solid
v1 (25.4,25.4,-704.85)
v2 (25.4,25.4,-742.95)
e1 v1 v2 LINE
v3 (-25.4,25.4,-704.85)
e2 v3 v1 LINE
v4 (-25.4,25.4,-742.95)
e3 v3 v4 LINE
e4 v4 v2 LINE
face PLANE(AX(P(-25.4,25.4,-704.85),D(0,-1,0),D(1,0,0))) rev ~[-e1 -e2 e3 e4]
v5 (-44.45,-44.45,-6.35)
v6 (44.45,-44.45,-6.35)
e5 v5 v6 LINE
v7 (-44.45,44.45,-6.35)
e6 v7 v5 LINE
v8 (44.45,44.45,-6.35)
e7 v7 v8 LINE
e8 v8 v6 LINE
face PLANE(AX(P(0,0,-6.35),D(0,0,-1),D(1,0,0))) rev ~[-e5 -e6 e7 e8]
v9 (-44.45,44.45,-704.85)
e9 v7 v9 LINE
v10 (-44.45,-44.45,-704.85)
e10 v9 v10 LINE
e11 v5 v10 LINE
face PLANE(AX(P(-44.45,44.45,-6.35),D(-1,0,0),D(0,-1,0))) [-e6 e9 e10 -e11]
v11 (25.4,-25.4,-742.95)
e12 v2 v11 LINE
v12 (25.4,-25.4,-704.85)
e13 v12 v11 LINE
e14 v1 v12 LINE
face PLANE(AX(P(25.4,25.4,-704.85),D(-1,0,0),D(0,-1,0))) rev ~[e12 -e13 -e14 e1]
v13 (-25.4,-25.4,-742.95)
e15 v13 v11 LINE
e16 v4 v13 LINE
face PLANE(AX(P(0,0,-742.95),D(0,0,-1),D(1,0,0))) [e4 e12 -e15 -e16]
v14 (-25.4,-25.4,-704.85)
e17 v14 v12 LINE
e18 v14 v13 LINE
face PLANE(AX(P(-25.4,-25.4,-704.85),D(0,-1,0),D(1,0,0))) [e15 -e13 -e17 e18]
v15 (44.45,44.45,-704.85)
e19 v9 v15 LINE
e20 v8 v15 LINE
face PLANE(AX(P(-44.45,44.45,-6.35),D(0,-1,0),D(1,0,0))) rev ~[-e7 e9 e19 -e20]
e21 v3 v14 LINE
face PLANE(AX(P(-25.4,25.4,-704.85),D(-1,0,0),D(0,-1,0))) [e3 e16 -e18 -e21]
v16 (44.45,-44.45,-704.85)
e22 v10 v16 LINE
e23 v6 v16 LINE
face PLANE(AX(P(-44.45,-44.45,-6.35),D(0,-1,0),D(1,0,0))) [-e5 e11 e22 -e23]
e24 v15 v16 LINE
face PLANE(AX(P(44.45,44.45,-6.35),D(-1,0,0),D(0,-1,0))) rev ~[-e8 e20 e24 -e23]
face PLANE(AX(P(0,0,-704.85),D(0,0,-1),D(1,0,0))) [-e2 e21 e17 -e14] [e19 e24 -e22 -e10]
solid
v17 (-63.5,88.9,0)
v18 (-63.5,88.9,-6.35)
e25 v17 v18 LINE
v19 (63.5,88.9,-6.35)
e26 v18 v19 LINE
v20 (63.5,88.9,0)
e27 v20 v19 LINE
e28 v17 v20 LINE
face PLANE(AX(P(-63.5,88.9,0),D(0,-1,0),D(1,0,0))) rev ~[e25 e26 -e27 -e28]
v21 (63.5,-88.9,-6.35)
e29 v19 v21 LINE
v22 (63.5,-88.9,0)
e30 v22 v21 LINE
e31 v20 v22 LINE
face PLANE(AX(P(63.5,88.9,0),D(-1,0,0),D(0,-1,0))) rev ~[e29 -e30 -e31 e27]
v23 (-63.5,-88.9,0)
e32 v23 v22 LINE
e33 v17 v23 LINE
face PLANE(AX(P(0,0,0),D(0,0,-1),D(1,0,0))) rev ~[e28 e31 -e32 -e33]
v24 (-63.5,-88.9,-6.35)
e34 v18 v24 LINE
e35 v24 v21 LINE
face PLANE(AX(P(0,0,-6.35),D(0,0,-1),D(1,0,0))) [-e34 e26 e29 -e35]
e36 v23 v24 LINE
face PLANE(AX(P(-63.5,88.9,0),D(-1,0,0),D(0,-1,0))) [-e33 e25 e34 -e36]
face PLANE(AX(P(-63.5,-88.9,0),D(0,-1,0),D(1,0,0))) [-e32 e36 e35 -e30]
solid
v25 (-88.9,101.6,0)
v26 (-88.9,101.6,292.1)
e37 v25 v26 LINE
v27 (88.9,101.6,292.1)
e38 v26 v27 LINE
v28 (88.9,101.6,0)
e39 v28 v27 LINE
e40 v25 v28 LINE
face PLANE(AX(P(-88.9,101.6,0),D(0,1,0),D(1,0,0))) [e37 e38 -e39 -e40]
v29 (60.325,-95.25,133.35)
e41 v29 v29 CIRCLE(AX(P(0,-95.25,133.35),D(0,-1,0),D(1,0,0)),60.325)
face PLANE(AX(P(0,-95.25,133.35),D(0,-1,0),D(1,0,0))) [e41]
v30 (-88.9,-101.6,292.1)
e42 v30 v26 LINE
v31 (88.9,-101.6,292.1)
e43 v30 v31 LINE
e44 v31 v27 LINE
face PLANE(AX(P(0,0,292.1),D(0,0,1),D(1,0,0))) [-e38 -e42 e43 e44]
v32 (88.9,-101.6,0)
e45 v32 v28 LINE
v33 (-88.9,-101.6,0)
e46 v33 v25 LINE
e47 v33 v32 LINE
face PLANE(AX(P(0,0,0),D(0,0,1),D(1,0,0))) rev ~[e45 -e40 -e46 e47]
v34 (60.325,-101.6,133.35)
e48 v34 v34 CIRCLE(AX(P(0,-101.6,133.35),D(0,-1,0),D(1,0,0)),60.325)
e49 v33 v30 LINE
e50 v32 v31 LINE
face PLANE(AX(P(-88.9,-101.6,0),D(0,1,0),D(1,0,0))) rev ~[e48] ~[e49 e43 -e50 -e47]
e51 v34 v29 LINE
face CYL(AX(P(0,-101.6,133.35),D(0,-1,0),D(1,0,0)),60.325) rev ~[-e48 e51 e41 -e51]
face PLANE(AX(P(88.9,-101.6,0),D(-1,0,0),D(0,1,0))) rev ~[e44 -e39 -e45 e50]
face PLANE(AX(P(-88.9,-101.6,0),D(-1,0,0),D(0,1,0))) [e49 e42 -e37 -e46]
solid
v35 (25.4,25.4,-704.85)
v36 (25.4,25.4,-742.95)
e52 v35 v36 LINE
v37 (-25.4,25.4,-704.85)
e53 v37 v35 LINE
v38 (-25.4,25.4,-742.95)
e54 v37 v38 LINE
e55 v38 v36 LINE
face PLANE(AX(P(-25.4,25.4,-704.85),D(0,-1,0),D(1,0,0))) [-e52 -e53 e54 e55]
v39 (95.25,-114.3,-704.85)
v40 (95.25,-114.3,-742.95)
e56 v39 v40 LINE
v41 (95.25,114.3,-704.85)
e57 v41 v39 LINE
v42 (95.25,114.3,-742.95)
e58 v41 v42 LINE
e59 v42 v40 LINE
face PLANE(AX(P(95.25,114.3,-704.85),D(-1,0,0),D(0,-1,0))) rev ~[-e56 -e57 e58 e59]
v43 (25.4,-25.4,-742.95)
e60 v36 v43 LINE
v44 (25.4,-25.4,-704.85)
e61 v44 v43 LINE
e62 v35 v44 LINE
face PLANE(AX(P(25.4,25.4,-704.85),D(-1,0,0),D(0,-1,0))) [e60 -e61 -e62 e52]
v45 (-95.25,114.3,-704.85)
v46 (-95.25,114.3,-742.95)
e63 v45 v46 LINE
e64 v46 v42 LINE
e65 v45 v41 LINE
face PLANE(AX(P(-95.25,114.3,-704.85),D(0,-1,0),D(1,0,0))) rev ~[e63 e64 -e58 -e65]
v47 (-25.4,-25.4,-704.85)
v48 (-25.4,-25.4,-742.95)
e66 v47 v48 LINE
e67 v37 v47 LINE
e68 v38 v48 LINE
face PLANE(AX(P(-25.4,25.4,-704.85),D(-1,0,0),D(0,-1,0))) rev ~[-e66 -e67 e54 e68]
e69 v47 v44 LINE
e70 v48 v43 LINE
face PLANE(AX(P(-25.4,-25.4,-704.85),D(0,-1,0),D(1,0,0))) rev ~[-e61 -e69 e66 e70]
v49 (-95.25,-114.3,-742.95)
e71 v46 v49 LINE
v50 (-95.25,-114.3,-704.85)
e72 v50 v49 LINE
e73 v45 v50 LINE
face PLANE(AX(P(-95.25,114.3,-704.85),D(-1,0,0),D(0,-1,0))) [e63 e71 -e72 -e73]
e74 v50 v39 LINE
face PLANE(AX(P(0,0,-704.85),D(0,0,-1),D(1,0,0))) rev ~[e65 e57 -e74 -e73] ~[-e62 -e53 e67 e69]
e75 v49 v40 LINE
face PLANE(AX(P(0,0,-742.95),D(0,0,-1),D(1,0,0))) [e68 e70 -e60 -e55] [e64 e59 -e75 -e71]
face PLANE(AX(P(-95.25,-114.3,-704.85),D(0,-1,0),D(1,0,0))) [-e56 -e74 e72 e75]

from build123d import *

# Parameters (mm, degrees)
F0_W      = 177.8
F0_H      = 203.2
F1_DEPTH  = 292.1
F6_R      = 60.325
F2_DEPTH  = 6.35
F3_W      = 127
F3_H      = 177.8
F7_DEPTH  = 6.35
F8_W      = 88.9
F8_H      = 88.9
F9_DEPTH  = 698.5
F4_W      = 50.8
F4_H      = 50.8
F10_DEPTH = 38.1
F5_W      = 190.5
F5_H      = 228.6
F5_W_2    = 50.8
F5_H_2    = 50.8
F11_DEPTH = 38.1


with BuildPart() as f1:
    # F0 (on Top) → F1 (new body)
    with BuildSketch(Plane.XY):
        Rectangle(F0_W, F0_H)
    extrude(amount=F1_DEPTH)

    # F6 (on face) → F2 (cut)
    with BuildSketch(Plane.XZ.offset(101.6)):
        with Locations((0, 133.35)):
            Circle(F6_R)
    extrude(amount=-F2_DEPTH, mode=Mode.SUBTRACT)


with BuildPart() as f7:
    # F3 (on face) → F7 (new body)
    with BuildSketch(Plane(origin=(0, 0, 0), x_dir=(1, 0, 0), z_dir=(0, 0, -1))):
        Rectangle(F3_W, F3_H)
    extrude(amount=F7_DEPTH)


with BuildPart() as f9:
    # F8 (on face) → F9 (new body)
    with BuildSketch(Plane(origin=(0, 0, -6.35), x_dir=(1, 0, 0), z_dir=(0, 0, -1))):
        Rectangle(F8_W, F8_H)
    extrude(amount=F9_DEPTH)

    # F4 (on face) → F10 (join)
    with BuildSketch(Plane(origin=(0, 0, -704.85), x_dir=(1, 0, 0), z_dir=(0, 0, -1))):
        Rectangle(F4_W, F4_H)
    extrude(amount=F10_DEPTH)


with BuildPart() as f11:
    # F5 (on face) → F11 (new body, through all)
    with BuildSketch(Plane(origin=(0, 0, -704.85), x_dir=(1, 0, 0), z_dir=(0, 0, -1))):
        Rectangle(F5_W, F5_H)
        Rectangle(F5_W_2, F5_H_2, mode=Mode.SUBTRACT)
    extrude(amount=F11_DEPTH)


solid = Compound([f1.part, f7.part, f9.part, f11.part])
